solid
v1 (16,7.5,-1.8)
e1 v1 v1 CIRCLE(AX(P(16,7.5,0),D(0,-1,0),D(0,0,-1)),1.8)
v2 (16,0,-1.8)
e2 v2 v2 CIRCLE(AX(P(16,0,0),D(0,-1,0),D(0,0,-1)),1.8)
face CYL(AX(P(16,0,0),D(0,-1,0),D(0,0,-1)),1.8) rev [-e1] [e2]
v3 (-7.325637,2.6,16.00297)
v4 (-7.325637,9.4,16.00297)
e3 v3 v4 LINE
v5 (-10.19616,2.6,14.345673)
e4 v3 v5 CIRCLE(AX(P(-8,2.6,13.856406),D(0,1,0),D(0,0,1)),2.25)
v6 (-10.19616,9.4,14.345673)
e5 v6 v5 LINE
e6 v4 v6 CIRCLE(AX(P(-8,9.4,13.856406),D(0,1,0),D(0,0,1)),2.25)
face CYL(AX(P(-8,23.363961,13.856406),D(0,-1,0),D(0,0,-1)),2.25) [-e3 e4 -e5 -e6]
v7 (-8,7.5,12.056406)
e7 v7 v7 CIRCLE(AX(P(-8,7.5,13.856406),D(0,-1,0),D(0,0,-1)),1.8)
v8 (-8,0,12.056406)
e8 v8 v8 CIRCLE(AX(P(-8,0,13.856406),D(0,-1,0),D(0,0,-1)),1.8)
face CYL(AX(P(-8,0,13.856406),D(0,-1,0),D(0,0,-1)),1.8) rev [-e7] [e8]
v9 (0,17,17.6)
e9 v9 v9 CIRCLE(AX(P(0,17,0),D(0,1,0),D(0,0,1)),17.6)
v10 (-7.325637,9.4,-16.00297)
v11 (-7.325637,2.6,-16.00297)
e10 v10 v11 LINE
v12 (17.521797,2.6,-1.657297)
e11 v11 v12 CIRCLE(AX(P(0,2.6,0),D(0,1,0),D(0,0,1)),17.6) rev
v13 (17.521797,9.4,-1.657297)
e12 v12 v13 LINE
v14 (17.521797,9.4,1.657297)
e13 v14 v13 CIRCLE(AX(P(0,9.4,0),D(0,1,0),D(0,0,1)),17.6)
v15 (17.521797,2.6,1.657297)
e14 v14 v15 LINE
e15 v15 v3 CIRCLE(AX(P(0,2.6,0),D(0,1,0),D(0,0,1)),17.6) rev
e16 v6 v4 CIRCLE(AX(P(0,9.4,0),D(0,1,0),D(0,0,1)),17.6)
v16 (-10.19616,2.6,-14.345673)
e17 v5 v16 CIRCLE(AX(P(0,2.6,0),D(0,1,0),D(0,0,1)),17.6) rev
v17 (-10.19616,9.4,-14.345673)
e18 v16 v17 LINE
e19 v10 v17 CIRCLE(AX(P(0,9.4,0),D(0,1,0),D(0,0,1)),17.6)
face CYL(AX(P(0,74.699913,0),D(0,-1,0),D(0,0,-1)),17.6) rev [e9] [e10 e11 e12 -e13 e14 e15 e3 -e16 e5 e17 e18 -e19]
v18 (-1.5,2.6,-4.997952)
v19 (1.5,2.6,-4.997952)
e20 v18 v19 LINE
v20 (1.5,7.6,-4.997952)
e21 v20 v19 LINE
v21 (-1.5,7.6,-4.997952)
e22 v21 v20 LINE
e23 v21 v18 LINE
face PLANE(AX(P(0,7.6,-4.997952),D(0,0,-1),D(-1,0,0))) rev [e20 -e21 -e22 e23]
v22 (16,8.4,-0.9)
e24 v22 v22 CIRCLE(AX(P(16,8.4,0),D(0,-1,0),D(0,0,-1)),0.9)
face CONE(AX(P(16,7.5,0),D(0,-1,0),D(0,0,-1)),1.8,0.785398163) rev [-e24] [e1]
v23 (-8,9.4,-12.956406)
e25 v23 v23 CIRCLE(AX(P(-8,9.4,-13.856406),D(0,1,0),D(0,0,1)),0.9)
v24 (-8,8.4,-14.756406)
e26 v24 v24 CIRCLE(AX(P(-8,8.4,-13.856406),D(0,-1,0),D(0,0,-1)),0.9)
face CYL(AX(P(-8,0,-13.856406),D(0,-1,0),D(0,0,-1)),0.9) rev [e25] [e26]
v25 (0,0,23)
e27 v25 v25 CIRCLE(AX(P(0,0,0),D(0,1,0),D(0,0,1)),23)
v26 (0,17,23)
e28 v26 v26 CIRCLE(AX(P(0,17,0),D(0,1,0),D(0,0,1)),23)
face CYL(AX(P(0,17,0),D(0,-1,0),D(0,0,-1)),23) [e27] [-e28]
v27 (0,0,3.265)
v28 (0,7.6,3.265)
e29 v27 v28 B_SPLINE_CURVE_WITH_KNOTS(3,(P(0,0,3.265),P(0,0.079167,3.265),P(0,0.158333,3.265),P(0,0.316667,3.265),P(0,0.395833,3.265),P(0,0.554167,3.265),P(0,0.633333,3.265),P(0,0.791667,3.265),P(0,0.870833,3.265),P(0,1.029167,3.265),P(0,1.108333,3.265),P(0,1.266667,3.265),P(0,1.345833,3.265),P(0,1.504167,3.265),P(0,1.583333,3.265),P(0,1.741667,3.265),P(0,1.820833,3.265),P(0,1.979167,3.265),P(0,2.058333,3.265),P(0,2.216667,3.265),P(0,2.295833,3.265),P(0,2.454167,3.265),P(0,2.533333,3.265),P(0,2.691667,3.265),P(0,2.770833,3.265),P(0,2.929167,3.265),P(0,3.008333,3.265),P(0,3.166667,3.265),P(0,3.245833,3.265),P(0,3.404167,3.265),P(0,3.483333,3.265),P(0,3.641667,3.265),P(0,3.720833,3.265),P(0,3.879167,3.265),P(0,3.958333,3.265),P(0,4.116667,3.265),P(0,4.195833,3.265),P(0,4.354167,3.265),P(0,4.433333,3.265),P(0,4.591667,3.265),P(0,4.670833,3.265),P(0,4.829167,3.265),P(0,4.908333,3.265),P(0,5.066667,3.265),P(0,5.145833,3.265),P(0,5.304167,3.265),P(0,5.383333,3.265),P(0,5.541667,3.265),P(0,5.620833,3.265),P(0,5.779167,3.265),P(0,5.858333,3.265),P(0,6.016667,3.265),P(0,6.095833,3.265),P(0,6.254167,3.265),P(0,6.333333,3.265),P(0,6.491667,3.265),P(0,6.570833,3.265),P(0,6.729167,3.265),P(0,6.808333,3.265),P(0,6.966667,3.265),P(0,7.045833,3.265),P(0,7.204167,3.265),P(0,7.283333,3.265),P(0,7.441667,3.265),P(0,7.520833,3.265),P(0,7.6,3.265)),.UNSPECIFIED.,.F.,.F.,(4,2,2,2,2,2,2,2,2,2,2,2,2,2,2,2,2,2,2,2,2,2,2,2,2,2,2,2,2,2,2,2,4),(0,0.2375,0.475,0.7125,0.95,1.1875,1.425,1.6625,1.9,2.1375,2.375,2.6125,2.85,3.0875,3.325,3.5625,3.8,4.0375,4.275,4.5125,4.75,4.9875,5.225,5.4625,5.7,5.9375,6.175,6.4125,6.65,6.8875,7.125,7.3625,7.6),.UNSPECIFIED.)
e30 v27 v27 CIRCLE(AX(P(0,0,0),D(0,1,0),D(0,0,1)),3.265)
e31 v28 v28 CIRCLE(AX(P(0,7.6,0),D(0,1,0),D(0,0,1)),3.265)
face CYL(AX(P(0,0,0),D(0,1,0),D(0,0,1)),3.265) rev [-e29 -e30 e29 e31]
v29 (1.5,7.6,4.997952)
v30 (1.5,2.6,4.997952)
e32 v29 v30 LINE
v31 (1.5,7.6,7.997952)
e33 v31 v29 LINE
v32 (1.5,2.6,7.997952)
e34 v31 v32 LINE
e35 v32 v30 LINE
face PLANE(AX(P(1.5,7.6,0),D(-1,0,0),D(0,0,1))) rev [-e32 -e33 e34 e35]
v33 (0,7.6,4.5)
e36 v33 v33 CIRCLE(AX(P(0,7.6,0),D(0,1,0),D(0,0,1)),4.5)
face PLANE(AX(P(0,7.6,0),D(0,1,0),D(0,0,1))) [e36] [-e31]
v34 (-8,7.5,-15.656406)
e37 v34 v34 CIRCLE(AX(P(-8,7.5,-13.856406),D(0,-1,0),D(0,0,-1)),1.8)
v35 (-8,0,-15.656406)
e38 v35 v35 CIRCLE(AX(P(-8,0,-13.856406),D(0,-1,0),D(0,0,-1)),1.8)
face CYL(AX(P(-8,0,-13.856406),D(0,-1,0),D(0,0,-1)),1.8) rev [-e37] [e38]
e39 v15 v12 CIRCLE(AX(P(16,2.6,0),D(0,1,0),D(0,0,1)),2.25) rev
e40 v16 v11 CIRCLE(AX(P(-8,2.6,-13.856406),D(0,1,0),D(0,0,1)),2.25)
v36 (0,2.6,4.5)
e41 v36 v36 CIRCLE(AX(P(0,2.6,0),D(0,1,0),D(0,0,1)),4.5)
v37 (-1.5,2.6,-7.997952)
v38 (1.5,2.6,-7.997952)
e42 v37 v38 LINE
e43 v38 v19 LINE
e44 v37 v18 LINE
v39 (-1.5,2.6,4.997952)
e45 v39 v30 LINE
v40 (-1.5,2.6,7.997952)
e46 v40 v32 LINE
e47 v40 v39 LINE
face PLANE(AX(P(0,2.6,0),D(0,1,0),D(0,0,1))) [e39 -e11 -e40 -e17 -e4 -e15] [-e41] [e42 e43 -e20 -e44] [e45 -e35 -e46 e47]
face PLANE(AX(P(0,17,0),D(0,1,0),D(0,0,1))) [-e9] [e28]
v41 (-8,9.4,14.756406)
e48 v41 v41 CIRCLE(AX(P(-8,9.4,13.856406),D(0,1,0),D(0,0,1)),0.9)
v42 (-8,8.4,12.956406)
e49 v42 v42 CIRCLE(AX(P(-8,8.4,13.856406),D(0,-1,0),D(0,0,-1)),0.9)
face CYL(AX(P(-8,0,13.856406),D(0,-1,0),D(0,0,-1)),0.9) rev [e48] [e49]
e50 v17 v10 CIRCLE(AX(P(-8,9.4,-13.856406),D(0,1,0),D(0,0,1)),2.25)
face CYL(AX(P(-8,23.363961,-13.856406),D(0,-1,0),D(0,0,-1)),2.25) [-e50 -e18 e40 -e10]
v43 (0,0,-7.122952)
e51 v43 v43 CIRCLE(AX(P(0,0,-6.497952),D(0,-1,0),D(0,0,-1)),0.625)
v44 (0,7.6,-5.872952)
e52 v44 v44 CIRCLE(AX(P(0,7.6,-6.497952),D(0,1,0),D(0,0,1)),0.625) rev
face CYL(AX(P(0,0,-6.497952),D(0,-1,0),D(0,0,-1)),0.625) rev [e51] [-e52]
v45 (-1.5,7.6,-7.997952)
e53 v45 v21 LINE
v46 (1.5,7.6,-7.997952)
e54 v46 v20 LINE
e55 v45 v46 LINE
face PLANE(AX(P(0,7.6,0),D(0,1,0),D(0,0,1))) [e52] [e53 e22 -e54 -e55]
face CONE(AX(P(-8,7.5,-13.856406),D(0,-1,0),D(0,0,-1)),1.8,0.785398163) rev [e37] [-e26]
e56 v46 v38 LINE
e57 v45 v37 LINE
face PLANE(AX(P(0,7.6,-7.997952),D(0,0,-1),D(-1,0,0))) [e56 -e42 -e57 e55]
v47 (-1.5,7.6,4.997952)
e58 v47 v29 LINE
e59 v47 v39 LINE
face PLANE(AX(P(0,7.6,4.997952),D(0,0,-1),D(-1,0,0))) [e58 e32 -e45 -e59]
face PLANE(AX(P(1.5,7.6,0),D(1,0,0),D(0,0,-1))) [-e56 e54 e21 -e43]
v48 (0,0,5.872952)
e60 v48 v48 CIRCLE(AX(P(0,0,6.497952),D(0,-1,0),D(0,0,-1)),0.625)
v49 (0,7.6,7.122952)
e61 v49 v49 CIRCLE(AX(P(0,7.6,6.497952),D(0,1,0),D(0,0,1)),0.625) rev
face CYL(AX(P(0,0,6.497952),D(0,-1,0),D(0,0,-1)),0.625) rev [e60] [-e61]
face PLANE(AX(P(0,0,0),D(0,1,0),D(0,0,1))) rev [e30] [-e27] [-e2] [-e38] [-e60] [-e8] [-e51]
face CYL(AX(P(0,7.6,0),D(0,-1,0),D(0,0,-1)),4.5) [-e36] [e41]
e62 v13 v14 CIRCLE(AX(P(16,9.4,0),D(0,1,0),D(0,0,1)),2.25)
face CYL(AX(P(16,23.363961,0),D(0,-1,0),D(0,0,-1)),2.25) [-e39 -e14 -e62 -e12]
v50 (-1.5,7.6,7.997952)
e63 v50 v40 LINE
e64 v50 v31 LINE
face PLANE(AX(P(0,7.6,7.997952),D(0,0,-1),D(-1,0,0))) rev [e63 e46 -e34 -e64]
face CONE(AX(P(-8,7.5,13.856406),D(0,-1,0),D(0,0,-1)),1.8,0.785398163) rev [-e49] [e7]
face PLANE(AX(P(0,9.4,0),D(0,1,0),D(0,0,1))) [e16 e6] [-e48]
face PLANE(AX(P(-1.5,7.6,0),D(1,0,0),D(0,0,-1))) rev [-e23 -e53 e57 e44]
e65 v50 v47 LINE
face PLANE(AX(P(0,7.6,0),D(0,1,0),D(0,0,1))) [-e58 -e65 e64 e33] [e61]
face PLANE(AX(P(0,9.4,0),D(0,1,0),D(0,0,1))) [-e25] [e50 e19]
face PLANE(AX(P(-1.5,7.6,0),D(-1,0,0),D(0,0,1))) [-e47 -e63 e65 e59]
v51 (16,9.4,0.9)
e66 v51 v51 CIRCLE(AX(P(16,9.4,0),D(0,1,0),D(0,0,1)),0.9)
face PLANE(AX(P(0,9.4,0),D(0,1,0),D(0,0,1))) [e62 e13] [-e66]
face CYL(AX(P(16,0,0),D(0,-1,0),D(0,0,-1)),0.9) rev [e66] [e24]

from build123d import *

# Parameters (mm, degrees)
SKETCH1_R                                    = 23
BOSS_EXTRUDE1_DEPTH                          = 17
SHELL1_T                                     = -2.6
SKETCH4_R                                    = 4.5
BOSS_EXTRUDE3_DEPTH                          = 5
SKETCH5_R                                    = 3.265
CUT_EXTRUDE2_DEPTH                           = 34.857938508
M1_6_TAPPED_HOLE1_D                          = 1.25
BOSS_EXTRUDE8_START                          = 5
SKETCH20_W                                   = 3
SKETCH20_H                                   = 3
SKETCH20_R                                   = 0.625
BOSS_EXTRUDE8_DEPTH                          = 5
SKETCH22_R                                   = 20.4
SKETCH22_R_2                                 = 17.6
BOSS_EXTRUDE10_DEPTH                         = 14.4
SKETCH24_R                                   = 2.25
BOSS_EXTRUDE11_DEPTH                         = 6.8
CSK_SLOT_FOR_M1_6_COUNTERSUNK_FLAT_H_2_COUNT = 2
CSK_SLOT_FOR_M1_6_COUNTERSUNK_FLAT_H_2_PITCH = 27.712812921
CSK_SLOT_FOR_M1_6_COUNTERSUNK_FLAT_H_3_COUNT = 2
CSK_SLOT_FOR_M1_6_COUNTERSUNK_FLAT_H_3_PITCH = 27.712812921


with BuildPart() as part:
    # Sketch1 → Boss-Extrude1 (new body)
    with BuildSketch(Plane(origin=(0, 0, 0), x_dir=(1, 0, 0), z_dir=(0, 1, 0))):
        with Locations(Location((0, 0, 0), (0, 0, 270))):
            Circle(SKETCH1_R)
    extrude(amount=BOSS_EXTRUDE1_DEPTH)

    # Shell1
    shell1_openings = [part.faces().sort_by_distance(p)[0] for p in [
        (0, 17, 0),
    ]]
    offset(amount=SHELL1_T, openings=shell1_openings, kind=Kind.INTERSECTION)

    # Sketch4 → Boss-Extrude3 (add)
    with BuildSketch(Plane(origin=(0, 2.6, 0), x_dir=(1, 0, 0), z_dir=(0, 1, 0))):
        with Locations(Location((0, 0, 0), (0, 0, 270))):
            Circle(SKETCH4_R)
    extrude(amount=BOSS_EXTRUDE3_DEPTH)

    # Sketch5 → Cut-Extrude2 (cut, through all)
    with BuildSketch(Plane(origin=(0, 7.6, 0), x_dir=(1, 0, 0), z_dir=(0, 1, 0))):
        with Locations(Location((0, 0, 0), (0, 0, 270))):
            Circle(SKETCH5_R)
    extrude(amount=-CUT_EXTRUDE2_DEPTH, mode=Mode.SUBTRACT)

    # M1.6 Tapped Hole1 (through all)
    with Locations(Plane(origin=(0, 0, 0), x_dir=(-1, 0, 0), z_dir=(0, -1, 0))):
        with Locations((0, 6.497951731), (0, -6.497951731)):
            Hole(M1_6_TAPPED_HOLE1_D / 2)

    # Sketch20 → Boss-Extrude8 (add)
    # profile 1 of 2: a face of its own
    with BuildSketch(Plane(origin=(0, 2.6, 0), x_dir=(1, 0, 0), z_dir=(0, 1, 0)).offset(BOSS_EXTRUDE8_START)):
        with Locations((0, -6.497951731)):
            Rectangle(SKETCH20_W, SKETCH20_H)
        with Locations(Location((0, -6.497951731, 0), (0, 0, 90))):
            Circle(SKETCH20_R, mode=Mode.SUBTRACT)
    # profile 2 of 2: a face of its own
    with BuildSketch(Plane(origin=(0, 2.6, 0), x_dir=(1, 0, 0), z_dir=(0, 1, 0)).offset(BOSS_EXTRUDE8_START)):
        with Locations((0, 6.497951731)):
            Rectangle(SKETCH20_W, SKETCH20_H)
        with Locations(Location((0, 6.497951731, 0), (0, 0, 90))):
            Circle(SKETCH20_R, mode=Mode.SUBTRACT)
    extrude(amount=-BOSS_EXTRUDE8_DEPTH)

    # Sketch22 → Boss-Extrude10 (add)
    with BuildSketch(Plane(origin=(0, 2.6, 0), x_dir=(1, 0, 0), z_dir=(0, 1, 0))):
        Circle(SKETCH22_R)
        with Locations(Location((0, 0, 0), (0, 0, 270))):
            Circle(SKETCH22_R_2, mode=Mode.SUBTRACT)
    extrude(amount=BOSS_EXTRUDE10_DEPTH)

    # Sketch24 → Boss-Extrude11 (add)
    with BuildSketch(Plane(origin=(0, 2.6, 0), x_dir=(1, 0, 0), z_dir=(0, 1, 0))):
        with Locations((-8, 13.856406461)):
            Circle(SKETCH24_R)
        with Locations((16, 0)):
            Circle(SKETCH24_R)
        with Locations((-8, -13.856406461)):
            Circle(SKETCH24_R)
    extrude(amount=BOSS_EXTRUDE11_DEPTH)

    # Sketch26 → CSK SLOT for M1.6 Countersunk Flat Head (revolve, cut)
    with BuildSketch(Plane(origin=(-8, 0, 13.856406461), x_dir=(0, 0, -1), z_dir=(1, 0, 0))):
        Polygon((0, 0), (0, 17), (0.9, 17), (0.9, 8.4), (1.8, 7.5), (1.8, 0), align=None)
    csk_slot_for_m1_6_countersunk_flat_head = revolve(axis=Axis((-8, -6.35, 13.856406461), (0, 1, 0)), mode=Mode.SUBTRACT)

    # CSK SLOT for M1.6 Countersunk Flat H 2: CSK SLOT for M1.6 Countersunk Flat Head ×2
    with Locations(*[(0, 0, -i * CSK_SLOT_FOR_M1_6_COUNTERSUNK_FLAT_H_2_PITCH) for i in range(1, CSK_SLOT_FOR_M1_6_COUNTERSUNK_FLAT_H_2_COUNT)]):
        add(csk_slot_for_m1_6_countersunk_flat_head, mode=Mode.SUBTRACT)

    # CSK SLOT for M1.6 Countersunk Flat H 3: CSK SLOT for M1.6 Countersunk Flat Head ×2
    with Locations(*[Vector(0.8660254037844364, 0, -0.5000000000000041) * (i * CSK_SLOT_FOR_M1_6_COUNTERSUNK_FLAT_H_3_PITCH) for i in range(1, CSK_SLOT_FOR_M1_6_COUNTERSUNK_FLAT_H_3_COUNT)]):
        add(csk_slot_for_m1_6_countersunk_flat_head, mode=Mode.SUBTRACT)


solid = part.part
